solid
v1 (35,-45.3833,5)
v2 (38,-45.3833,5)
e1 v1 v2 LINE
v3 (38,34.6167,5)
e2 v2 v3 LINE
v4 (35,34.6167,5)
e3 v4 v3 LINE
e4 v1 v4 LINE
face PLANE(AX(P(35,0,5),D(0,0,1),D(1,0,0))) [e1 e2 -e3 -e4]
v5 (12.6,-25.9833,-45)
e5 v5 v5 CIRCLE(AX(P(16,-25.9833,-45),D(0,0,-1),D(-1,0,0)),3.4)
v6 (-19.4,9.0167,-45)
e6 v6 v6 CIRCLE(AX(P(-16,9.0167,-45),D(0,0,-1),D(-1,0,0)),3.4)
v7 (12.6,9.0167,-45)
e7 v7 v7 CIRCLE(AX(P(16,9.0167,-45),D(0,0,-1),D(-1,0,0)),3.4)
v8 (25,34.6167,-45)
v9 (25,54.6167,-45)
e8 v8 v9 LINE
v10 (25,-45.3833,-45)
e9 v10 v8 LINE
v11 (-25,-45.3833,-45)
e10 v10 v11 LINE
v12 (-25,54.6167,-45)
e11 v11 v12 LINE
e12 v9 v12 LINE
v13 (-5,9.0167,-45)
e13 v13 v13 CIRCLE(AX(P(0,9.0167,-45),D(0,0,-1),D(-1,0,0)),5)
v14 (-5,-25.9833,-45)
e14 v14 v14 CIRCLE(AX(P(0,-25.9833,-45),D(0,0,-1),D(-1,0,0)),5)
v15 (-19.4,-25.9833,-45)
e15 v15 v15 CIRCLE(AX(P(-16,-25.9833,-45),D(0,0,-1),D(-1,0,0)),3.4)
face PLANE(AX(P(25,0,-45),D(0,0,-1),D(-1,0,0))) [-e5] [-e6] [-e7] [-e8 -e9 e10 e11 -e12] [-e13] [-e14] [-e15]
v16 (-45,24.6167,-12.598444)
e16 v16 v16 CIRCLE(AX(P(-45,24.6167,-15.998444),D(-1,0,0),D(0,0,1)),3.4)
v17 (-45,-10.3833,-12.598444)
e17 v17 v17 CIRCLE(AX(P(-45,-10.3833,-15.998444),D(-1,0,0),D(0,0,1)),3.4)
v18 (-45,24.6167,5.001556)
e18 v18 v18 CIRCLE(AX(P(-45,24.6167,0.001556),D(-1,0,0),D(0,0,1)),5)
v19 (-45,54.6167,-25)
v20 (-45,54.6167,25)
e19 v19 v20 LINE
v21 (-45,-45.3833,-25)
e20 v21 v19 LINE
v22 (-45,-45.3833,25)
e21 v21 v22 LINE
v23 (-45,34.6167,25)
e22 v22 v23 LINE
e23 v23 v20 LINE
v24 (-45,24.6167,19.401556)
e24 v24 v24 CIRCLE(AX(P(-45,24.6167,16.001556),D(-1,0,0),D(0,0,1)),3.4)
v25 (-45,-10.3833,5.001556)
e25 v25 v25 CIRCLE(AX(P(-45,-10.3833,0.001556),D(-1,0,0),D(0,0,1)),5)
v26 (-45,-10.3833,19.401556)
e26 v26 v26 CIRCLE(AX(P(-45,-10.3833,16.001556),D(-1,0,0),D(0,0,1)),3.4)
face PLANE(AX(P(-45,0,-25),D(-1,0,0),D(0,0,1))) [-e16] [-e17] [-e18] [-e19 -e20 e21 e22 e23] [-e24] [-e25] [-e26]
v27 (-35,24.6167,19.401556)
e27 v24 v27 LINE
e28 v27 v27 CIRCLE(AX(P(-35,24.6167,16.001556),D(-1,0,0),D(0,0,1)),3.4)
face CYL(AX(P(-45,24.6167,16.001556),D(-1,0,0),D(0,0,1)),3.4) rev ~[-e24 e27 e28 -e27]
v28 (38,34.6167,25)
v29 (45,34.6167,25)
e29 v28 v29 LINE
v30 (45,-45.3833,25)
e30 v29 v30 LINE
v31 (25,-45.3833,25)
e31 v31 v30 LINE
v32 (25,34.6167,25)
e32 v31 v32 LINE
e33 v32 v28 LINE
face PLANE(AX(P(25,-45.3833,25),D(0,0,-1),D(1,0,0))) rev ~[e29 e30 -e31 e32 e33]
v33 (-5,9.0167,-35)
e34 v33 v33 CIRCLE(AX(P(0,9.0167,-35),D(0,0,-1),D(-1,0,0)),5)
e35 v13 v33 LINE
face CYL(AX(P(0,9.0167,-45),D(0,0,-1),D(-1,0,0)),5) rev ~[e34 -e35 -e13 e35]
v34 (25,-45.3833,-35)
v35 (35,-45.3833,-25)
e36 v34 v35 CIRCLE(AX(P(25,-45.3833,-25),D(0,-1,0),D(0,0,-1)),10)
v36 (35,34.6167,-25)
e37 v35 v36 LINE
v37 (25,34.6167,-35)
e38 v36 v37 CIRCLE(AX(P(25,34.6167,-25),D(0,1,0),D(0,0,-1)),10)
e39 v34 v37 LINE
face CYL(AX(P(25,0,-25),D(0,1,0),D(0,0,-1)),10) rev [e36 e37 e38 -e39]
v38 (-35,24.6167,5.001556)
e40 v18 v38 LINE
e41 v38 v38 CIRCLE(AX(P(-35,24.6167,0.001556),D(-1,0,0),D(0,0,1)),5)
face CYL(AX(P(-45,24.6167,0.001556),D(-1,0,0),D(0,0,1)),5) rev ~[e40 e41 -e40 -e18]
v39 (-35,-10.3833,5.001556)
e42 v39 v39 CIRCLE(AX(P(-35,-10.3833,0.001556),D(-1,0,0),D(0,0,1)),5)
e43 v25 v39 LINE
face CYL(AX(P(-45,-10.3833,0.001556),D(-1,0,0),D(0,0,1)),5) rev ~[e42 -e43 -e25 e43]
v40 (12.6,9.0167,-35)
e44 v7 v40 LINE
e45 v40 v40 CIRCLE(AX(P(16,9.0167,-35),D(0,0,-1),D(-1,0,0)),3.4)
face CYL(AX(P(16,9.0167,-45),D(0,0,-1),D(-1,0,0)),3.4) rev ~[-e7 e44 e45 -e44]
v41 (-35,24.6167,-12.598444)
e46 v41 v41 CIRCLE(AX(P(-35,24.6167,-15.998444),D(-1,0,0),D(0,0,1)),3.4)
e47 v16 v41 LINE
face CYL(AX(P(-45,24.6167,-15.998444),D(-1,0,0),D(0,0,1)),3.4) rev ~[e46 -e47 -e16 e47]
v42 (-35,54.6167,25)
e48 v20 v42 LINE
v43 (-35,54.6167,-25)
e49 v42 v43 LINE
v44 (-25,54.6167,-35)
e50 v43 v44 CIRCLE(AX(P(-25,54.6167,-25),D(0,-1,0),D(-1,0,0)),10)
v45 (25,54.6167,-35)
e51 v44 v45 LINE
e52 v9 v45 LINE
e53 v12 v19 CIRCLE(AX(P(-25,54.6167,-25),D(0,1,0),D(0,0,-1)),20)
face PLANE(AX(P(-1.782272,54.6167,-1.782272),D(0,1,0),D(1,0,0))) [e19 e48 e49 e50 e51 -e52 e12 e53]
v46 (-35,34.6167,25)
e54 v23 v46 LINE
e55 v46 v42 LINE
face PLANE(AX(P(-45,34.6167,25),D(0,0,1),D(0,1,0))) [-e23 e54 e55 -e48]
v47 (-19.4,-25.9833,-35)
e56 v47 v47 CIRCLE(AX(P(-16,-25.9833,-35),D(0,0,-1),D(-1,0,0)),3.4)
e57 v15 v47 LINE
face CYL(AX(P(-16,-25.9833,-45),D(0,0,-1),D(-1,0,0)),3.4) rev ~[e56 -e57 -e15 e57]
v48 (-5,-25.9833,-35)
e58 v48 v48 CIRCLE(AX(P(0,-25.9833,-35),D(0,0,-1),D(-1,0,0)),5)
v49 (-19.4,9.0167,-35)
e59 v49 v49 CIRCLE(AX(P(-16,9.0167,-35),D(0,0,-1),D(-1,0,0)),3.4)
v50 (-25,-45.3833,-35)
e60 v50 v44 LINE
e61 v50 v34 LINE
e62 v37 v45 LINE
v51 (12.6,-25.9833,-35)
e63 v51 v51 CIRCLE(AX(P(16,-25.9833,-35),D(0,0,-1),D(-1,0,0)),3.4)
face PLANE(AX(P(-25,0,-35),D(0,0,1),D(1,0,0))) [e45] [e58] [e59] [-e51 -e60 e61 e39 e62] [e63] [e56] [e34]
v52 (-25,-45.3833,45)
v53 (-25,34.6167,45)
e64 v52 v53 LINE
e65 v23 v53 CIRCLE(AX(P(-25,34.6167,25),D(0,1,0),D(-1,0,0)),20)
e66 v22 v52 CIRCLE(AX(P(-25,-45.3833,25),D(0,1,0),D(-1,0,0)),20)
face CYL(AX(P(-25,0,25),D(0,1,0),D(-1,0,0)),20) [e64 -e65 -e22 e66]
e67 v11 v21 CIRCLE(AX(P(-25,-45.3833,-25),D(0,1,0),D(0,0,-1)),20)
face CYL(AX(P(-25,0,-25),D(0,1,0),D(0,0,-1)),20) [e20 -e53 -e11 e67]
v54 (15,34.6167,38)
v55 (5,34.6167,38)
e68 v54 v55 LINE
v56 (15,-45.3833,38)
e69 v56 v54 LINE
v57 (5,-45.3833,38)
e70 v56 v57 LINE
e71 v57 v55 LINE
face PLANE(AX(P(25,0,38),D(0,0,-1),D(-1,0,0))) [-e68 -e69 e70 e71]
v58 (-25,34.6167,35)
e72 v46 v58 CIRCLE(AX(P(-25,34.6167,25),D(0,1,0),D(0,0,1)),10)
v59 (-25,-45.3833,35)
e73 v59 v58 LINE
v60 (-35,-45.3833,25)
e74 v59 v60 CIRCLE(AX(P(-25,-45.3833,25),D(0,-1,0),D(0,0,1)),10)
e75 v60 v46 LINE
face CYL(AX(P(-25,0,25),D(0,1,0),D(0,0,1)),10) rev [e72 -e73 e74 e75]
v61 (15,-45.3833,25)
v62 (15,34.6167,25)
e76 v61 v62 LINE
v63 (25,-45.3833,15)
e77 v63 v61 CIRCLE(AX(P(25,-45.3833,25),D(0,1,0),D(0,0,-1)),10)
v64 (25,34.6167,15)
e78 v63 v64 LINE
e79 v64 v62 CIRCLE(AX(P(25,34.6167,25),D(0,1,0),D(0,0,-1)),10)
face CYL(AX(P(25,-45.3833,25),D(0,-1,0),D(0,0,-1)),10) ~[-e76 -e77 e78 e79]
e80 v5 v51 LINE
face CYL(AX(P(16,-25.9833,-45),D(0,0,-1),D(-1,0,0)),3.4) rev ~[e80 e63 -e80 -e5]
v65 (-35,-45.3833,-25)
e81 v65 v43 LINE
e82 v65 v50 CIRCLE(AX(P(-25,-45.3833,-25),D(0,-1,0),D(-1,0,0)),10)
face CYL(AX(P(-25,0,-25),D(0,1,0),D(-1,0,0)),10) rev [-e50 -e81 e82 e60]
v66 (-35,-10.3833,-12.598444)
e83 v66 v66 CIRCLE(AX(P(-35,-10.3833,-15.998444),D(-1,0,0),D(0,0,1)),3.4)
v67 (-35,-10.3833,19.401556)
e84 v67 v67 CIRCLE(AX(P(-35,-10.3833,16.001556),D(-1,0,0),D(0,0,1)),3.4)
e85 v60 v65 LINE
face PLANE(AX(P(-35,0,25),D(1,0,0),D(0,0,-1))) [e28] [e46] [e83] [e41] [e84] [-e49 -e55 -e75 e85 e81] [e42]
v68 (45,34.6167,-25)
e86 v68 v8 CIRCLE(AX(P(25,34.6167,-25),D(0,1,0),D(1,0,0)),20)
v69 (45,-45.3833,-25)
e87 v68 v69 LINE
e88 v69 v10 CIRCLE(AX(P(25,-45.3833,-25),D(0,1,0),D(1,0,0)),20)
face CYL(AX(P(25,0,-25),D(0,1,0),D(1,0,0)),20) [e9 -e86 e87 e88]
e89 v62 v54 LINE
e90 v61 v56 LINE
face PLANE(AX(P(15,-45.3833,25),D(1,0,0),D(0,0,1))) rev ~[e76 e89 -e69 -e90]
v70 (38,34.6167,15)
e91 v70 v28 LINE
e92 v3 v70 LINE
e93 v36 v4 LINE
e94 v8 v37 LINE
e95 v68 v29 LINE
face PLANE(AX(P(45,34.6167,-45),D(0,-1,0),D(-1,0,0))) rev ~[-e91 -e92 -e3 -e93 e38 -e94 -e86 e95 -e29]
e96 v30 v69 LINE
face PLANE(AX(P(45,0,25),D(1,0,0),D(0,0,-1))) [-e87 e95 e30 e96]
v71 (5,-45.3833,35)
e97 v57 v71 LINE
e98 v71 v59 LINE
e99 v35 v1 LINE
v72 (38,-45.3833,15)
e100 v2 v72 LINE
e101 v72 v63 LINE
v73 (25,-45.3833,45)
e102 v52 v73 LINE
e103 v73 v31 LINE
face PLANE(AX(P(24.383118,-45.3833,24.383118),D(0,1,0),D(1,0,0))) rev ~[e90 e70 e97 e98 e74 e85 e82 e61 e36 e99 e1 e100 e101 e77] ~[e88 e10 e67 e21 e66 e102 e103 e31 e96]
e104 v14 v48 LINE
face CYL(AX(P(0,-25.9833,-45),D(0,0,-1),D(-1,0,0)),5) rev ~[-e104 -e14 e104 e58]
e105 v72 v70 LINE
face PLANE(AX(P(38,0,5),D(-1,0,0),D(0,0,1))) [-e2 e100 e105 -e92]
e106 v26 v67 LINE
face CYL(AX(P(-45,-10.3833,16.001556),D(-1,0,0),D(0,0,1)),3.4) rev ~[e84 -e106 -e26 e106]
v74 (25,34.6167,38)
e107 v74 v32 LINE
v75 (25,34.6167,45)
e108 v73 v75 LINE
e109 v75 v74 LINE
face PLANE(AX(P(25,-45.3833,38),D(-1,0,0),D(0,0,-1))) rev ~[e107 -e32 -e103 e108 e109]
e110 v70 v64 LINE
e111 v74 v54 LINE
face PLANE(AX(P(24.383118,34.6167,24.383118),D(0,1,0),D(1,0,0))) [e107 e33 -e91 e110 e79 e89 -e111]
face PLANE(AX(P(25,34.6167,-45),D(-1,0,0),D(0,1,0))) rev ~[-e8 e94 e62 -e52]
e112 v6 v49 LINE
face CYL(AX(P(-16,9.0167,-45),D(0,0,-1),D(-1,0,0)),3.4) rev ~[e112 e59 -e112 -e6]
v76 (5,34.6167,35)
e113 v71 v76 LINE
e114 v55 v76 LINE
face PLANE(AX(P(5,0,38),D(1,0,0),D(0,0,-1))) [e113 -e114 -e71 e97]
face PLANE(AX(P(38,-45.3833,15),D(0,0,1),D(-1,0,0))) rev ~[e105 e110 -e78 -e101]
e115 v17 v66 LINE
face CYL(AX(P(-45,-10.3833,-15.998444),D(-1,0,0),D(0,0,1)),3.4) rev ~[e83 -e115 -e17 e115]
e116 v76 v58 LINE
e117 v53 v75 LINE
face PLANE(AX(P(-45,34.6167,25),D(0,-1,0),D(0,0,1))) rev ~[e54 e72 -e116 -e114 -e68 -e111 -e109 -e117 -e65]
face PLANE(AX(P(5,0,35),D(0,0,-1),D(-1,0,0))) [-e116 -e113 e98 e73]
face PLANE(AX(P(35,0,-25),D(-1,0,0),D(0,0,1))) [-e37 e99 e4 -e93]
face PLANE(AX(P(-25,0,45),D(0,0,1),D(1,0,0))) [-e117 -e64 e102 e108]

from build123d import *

# Parameters (mm, degrees)
BOSS_EXTRUDE1_DEPTH      = 54.6167
BOSS_EXTRUDE1_DEPTH_BACK = 45.3833
SKETCH2_W                = 20
SKETCH2_H                = 20
CUT_EXTRUDE1_DEPTH       = 91
SKETCH3_W                = 20
SKETCH3_H                = 20
CUT_EXTRUDE2_DEPTH       = 91
BOSS_EXTRUDE2_START      = -45.3833
SKETCH1_5_W              = 3
SKETCH1_5_H              = 10
SKETCH1_5_W_2            = 10
SKETCH1_5_H_2            = 3
BOSS_EXTRUDE2_DEPTH      = 80
CUT_EXTRUDE3_REACH       = 92
SKETCH5_R                = 5
SKETCH5_R_2              = 3.4
CUT_EXTRUDE4_REACH       = 92
SKETCH4_R                = 5
SKETCH4_R_2              = 3.4


with BuildPart() as part:
    # Sketch1 → Boss-Extrude1 (new body, two sides)
    with BuildSketch(Plane(origin=(0, 0, 0), x_dir=(1, 0, 0), z_dir=(0, 1, 0))) as boss_extrude1_sk:
        with BuildLine():
            ThreePointArc((45, 25), (39.142135624, 39.142135624), (25, 45))
            Line((25, 45), (-25, 45))
            ThreePointArc((-25, 45), (-39.142135624, 39.142135624), (-45, 25))
            Line((-45, 25), (-45, -25))
            ThreePointArc((-45, -25), (-39.142135624, -39.142135624), (-25, -45))
            Line((-25, -45), (25, -45))
            Line((25, -45), (25, -38))
            Line((25, -38), (15, -38))
            Line((15, -38), (5, -38))
            Line((5, -38), (5, -35))
            Line((5, -35), (-25, -35))
            ThreePointArc((-25, -35), (-32.071067812, -32.071067812), (-35, -25))
            Line((-35, -25), (-35, 25))
            ThreePointArc((-35, 25), (-32.071067812, 32.071067812), (-25, 35))
            Line((-25, 35), (25, 35))
            ThreePointArc((25, 35), (32.071067812, 32.071067812), (35, 25))
            Line((35, 25), (35, -5))
            Line((35, -5), (38, -5))
            Line((38, -5), (38, -15))
            Line((38, -15), (38, -25))
            Line((38, -25), (45, -25))
            Line((45, -25), (45, 25))
        make_face()
    extrude(amount=BOSS_EXTRUDE1_DEPTH)
    extrude(boss_extrude1_sk.sketch, amount=-BOSS_EXTRUDE1_DEPTH_BACK)

    # Sketch2 → Cut-Extrude1 (cut, through all)
    with BuildSketch(Plane(origin=(0, 0, -45), x_dir=(-1, 0, 0), z_dir=(0, 0, -1))):
        with Locations((-35, 44.616700276)):
            Rectangle(SKETCH2_W, SKETCH2_H)
    extrude(amount=-CUT_EXTRUDE1_DEPTH, mode=Mode.SUBTRACT)

    # Sketch3 → Cut-Extrude2 (cut, through all)
    with BuildSketch(Plane.ZY.offset(45)):
        with Locations((35, 44.616700276)):
            Rectangle(SKETCH3_W, SKETCH3_H)
    extrude(amount=-CUT_EXTRUDE2_DEPTH, mode=Mode.SUBTRACT)

    # Sketch1<5> → Boss-Extrude2 (add)
    with BuildSketch(Plane(origin=(0, 0, 0), x_dir=(1, 0, 0), z_dir=(0, 1, 0)).offset(BOSS_EXTRUDE2_START)):
        with BuildLine():
            Line((25, -25), (35, -25))
            Line((35, -25), (35, -15))
            Line((35, -15), (25, -15))
            ThreePointArc((25, -15), (17.928932188, -17.928932188), (15, -25))
            Line((15, -25), (15, -35))
            Line((15, -35), (25, -35))
            Line((25, -35), (25, -25))
        make_face()
        with Locations((36.5, -20)):
            Rectangle(SKETCH1_5_W, SKETCH1_5_H)
        with Locations((20, -36.5)):
            Rectangle(SKETCH1_5_W_2, SKETCH1_5_H_2)
    extrude(amount=BOSS_EXTRUDE2_DEPTH)

    # Sketch5 → Cut-Extrude3 (cut, up to next)
    with BuildSketch(Plane(origin=(0, 0, -45), x_dir=(-1, 0, 0), z_dir=(0, 0, -1)), mode=Mode.PRIVATE) as cut_extrude3_sk1:
        with Locations((0, 9.016700277)):
            Circle(SKETCH5_R)
    cut_extrude3_tool1 = extrude(cut_extrude3_sk1.sketch, amount=-CUT_EXTRUDE3_REACH, mode=Mode.PRIVATE) & part.part
    add(cut_extrude3_tool1.solids().sort_by_distance((0, 9.0167, -45))[0], mode=Mode.SUBTRACT)
    # Sketch5 → Cut-Extrude3 (cut, up to next)
    with BuildSketch(Plane(origin=(0, 0, -45), x_dir=(-1, 0, 0), z_dir=(0, 0, -1)), mode=Mode.PRIVATE) as cut_extrude3_sk2:
        with Locations((0, -25.983299723)):
            Circle(SKETCH5_R)
    cut_extrude3_tool2 = extrude(cut_extrude3_sk2.sketch, amount=-CUT_EXTRUDE3_REACH, mode=Mode.PRIVATE) & part.part
    add(cut_extrude3_tool2.solids().sort_by_distance((0, -25.9833, -45))[0], mode=Mode.SUBTRACT)
    # Sketch5 → Cut-Extrude3 (cut, up to next)
    with BuildSketch(Plane(origin=(0, 0, -45), x_dir=(-1, 0, 0), z_dir=(0, 0, -1)), mode=Mode.PRIVATE) as cut_extrude3_sk3:
        with Locations((16, -25.983299723)):
            Circle(SKETCH5_R_2)
    cut_extrude3_tool3 = extrude(cut_extrude3_sk3.sketch, amount=-CUT_EXTRUDE3_REACH, mode=Mode.PRIVATE) & part.part
    add(cut_extrude3_tool3.solids().sort_by_distance((-16, -25.9833, -45))[0], mode=Mode.SUBTRACT)
    # Sketch5 → Cut-Extrude3 (cut, up to next)
    with BuildSketch(Plane(origin=(0, 0, -45), x_dir=(-1, 0, 0), z_dir=(0, 0, -1)), mode=Mode.PRIVATE) as cut_extrude3_sk4:
        with Locations((-16, -25.983299723)):
            Circle(SKETCH5_R_2)
    cut_extrude3_tool4 = extrude(cut_extrude3_sk4.sketch, amount=-CUT_EXTRUDE3_REACH, mode=Mode.PRIVATE) & part.part
    add(cut_extrude3_tool4.solids().sort_by_distance((16, -25.9833, -45))[0], mode=Mode.SUBTRACT)
    # Sketch5 → Cut-Extrude3 (cut, up to next)
    with BuildSketch(Plane(origin=(0, 0, -45), x_dir=(-1, 0, 0), z_dir=(0, 0, -1)), mode=Mode.PRIVATE) as cut_extrude3_sk5:
        with Locations((-16, 9.016700277)):
            Circle(SKETCH5_R_2)
    cut_extrude3_tool5 = extrude(cut_extrude3_sk5.sketch, amount=-CUT_EXTRUDE3_REACH, mode=Mode.PRIVATE) & part.part
    add(cut_extrude3_tool5.solids().sort_by_distance((16, 9.0167, -45))[0], mode=Mode.SUBTRACT)
    # Sketch5 → Cut-Extrude3 (cut, up to next)
    with BuildSketch(Plane(origin=(0, 0, -45), x_dir=(-1, 0, 0), z_dir=(0, 0, -1)), mode=Mode.PRIVATE) as cut_extrude3_sk6:
        with Locations((16, 9.016700277)):
            Circle(SKETCH5_R_2)
    cut_extrude3_tool6 = extrude(cut_extrude3_sk6.sketch, amount=-CUT_EXTRUDE3_REACH, mode=Mode.PRIVATE) & part.part
    add(cut_extrude3_tool6.solids().sort_by_distance((-16, 9.0167, -45))[0], mode=Mode.SUBTRACT)

    # Sketch4 → Cut-Extrude4 (cut, up to next)
    with BuildSketch(Plane.ZY.offset(45), mode=Mode.PRIVATE) as cut_extrude4_sk1:
        with Locations((0.001556396, 24.616700277)):
            Circle(SKETCH4_R)
    cut_extrude4_tool1 = extrude(cut_extrude4_sk1.sketch, amount=-CUT_EXTRUDE4_REACH, mode=Mode.PRIVATE) & part.part
    add(cut_extrude4_tool1.solids().sort_by_distance((-45, 24.6167, 0.001556))[0], mode=Mode.SUBTRACT)
    # Sketch4 → Cut-Extrude4 (cut, up to next)
    with BuildSketch(Plane.ZY.offset(45), mode=Mode.PRIVATE) as cut_extrude4_sk2:
        with Locations((0.001556396, -10.383299723)):
            Circle(SKETCH4_R)
    cut_extrude4_tool2 = extrude(cut_extrude4_sk2.sketch, amount=-CUT_EXTRUDE4_REACH, mode=Mode.PRIVATE) & part.part
    add(cut_extrude4_tool2.solids().sort_by_distance((-45, -10.3833, 0.001556))[0], mode=Mode.SUBTRACT)
    # Sketch4 → Cut-Extrude4 (cut, up to next)
    with BuildSketch(Plane.ZY.offset(45), mode=Mode.PRIVATE) as cut_extrude4_sk3:
        with Locations((16.001556396, -10.383299723)):
            Circle(SKETCH4_R_2)
    cut_extrude4_tool3 = extrude(cut_extrude4_sk3.sketch, amount=-CUT_EXTRUDE4_REACH, mode=Mode.PRIVATE) & part.part
    add(cut_extrude4_tool3.solids().sort_by_distance((-45, -10.3833, 16.001556))[0], mode=Mode.SUBTRACT)
    # Sketch4 → Cut-Extrude4 (cut, up to next)
    with BuildSketch(Plane.ZY.offset(45), mode=Mode.PRIVATE) as cut_extrude4_sk4:
        with Locations((-15.998443604, -10.383299723)):
            Circle(SKETCH4_R_2)
    cut_extrude4_tool4 = extrude(cut_extrude4_sk4.sketch, amount=-CUT_EXTRUDE4_REACH, mode=Mode.PRIVATE) & part.part
    add(cut_extrude4_tool4.solids().sort_by_distance((-45, -10.3833, -15.998444))[0], mode=Mode.SUBTRACT)
    # Sketch4 → Cut-Extrude4 (cut, up to next)
    with BuildSketch(Plane.ZY.offset(45), mode=Mode.PRIVATE) as cut_extrude4_sk5:
        with Locations((16.001556396, 24.616700277)):
            Circle(SKETCH4_R_2)
    cut_extrude4_tool5 = extrude(cut_extrude4_sk5.sketch, amount=-CUT_EXTRUDE4_REACH, mode=Mode.PRIVATE) & part.part
    add(cut_extrude4_tool5.solids().sort_by_distance((-45, 24.6167, 16.001556))[0], mode=Mode.SUBTRACT)
    # Sketch4 → Cut-Extrude4 (cut, up to next)
    with BuildSketch(Plane.ZY.offset(45), mode=Mode.PRIVATE) as cut_extrude4_sk6:
        with Locations((-15.998443604, 24.616700277)):
            Circle(SKETCH4_R_2)
    cut_extrude4_tool6 = extrude(cut_extrude4_sk6.sketch, amount=-CUT_EXTRUDE4_REACH, mode=Mode.PRIVATE) & part.part
    add(cut_extrude4_tool6.solids().sort_by_distance((-45, 24.6167, -15.998444))[0], mode=Mode.SUBTRACT)


solid = part.part
